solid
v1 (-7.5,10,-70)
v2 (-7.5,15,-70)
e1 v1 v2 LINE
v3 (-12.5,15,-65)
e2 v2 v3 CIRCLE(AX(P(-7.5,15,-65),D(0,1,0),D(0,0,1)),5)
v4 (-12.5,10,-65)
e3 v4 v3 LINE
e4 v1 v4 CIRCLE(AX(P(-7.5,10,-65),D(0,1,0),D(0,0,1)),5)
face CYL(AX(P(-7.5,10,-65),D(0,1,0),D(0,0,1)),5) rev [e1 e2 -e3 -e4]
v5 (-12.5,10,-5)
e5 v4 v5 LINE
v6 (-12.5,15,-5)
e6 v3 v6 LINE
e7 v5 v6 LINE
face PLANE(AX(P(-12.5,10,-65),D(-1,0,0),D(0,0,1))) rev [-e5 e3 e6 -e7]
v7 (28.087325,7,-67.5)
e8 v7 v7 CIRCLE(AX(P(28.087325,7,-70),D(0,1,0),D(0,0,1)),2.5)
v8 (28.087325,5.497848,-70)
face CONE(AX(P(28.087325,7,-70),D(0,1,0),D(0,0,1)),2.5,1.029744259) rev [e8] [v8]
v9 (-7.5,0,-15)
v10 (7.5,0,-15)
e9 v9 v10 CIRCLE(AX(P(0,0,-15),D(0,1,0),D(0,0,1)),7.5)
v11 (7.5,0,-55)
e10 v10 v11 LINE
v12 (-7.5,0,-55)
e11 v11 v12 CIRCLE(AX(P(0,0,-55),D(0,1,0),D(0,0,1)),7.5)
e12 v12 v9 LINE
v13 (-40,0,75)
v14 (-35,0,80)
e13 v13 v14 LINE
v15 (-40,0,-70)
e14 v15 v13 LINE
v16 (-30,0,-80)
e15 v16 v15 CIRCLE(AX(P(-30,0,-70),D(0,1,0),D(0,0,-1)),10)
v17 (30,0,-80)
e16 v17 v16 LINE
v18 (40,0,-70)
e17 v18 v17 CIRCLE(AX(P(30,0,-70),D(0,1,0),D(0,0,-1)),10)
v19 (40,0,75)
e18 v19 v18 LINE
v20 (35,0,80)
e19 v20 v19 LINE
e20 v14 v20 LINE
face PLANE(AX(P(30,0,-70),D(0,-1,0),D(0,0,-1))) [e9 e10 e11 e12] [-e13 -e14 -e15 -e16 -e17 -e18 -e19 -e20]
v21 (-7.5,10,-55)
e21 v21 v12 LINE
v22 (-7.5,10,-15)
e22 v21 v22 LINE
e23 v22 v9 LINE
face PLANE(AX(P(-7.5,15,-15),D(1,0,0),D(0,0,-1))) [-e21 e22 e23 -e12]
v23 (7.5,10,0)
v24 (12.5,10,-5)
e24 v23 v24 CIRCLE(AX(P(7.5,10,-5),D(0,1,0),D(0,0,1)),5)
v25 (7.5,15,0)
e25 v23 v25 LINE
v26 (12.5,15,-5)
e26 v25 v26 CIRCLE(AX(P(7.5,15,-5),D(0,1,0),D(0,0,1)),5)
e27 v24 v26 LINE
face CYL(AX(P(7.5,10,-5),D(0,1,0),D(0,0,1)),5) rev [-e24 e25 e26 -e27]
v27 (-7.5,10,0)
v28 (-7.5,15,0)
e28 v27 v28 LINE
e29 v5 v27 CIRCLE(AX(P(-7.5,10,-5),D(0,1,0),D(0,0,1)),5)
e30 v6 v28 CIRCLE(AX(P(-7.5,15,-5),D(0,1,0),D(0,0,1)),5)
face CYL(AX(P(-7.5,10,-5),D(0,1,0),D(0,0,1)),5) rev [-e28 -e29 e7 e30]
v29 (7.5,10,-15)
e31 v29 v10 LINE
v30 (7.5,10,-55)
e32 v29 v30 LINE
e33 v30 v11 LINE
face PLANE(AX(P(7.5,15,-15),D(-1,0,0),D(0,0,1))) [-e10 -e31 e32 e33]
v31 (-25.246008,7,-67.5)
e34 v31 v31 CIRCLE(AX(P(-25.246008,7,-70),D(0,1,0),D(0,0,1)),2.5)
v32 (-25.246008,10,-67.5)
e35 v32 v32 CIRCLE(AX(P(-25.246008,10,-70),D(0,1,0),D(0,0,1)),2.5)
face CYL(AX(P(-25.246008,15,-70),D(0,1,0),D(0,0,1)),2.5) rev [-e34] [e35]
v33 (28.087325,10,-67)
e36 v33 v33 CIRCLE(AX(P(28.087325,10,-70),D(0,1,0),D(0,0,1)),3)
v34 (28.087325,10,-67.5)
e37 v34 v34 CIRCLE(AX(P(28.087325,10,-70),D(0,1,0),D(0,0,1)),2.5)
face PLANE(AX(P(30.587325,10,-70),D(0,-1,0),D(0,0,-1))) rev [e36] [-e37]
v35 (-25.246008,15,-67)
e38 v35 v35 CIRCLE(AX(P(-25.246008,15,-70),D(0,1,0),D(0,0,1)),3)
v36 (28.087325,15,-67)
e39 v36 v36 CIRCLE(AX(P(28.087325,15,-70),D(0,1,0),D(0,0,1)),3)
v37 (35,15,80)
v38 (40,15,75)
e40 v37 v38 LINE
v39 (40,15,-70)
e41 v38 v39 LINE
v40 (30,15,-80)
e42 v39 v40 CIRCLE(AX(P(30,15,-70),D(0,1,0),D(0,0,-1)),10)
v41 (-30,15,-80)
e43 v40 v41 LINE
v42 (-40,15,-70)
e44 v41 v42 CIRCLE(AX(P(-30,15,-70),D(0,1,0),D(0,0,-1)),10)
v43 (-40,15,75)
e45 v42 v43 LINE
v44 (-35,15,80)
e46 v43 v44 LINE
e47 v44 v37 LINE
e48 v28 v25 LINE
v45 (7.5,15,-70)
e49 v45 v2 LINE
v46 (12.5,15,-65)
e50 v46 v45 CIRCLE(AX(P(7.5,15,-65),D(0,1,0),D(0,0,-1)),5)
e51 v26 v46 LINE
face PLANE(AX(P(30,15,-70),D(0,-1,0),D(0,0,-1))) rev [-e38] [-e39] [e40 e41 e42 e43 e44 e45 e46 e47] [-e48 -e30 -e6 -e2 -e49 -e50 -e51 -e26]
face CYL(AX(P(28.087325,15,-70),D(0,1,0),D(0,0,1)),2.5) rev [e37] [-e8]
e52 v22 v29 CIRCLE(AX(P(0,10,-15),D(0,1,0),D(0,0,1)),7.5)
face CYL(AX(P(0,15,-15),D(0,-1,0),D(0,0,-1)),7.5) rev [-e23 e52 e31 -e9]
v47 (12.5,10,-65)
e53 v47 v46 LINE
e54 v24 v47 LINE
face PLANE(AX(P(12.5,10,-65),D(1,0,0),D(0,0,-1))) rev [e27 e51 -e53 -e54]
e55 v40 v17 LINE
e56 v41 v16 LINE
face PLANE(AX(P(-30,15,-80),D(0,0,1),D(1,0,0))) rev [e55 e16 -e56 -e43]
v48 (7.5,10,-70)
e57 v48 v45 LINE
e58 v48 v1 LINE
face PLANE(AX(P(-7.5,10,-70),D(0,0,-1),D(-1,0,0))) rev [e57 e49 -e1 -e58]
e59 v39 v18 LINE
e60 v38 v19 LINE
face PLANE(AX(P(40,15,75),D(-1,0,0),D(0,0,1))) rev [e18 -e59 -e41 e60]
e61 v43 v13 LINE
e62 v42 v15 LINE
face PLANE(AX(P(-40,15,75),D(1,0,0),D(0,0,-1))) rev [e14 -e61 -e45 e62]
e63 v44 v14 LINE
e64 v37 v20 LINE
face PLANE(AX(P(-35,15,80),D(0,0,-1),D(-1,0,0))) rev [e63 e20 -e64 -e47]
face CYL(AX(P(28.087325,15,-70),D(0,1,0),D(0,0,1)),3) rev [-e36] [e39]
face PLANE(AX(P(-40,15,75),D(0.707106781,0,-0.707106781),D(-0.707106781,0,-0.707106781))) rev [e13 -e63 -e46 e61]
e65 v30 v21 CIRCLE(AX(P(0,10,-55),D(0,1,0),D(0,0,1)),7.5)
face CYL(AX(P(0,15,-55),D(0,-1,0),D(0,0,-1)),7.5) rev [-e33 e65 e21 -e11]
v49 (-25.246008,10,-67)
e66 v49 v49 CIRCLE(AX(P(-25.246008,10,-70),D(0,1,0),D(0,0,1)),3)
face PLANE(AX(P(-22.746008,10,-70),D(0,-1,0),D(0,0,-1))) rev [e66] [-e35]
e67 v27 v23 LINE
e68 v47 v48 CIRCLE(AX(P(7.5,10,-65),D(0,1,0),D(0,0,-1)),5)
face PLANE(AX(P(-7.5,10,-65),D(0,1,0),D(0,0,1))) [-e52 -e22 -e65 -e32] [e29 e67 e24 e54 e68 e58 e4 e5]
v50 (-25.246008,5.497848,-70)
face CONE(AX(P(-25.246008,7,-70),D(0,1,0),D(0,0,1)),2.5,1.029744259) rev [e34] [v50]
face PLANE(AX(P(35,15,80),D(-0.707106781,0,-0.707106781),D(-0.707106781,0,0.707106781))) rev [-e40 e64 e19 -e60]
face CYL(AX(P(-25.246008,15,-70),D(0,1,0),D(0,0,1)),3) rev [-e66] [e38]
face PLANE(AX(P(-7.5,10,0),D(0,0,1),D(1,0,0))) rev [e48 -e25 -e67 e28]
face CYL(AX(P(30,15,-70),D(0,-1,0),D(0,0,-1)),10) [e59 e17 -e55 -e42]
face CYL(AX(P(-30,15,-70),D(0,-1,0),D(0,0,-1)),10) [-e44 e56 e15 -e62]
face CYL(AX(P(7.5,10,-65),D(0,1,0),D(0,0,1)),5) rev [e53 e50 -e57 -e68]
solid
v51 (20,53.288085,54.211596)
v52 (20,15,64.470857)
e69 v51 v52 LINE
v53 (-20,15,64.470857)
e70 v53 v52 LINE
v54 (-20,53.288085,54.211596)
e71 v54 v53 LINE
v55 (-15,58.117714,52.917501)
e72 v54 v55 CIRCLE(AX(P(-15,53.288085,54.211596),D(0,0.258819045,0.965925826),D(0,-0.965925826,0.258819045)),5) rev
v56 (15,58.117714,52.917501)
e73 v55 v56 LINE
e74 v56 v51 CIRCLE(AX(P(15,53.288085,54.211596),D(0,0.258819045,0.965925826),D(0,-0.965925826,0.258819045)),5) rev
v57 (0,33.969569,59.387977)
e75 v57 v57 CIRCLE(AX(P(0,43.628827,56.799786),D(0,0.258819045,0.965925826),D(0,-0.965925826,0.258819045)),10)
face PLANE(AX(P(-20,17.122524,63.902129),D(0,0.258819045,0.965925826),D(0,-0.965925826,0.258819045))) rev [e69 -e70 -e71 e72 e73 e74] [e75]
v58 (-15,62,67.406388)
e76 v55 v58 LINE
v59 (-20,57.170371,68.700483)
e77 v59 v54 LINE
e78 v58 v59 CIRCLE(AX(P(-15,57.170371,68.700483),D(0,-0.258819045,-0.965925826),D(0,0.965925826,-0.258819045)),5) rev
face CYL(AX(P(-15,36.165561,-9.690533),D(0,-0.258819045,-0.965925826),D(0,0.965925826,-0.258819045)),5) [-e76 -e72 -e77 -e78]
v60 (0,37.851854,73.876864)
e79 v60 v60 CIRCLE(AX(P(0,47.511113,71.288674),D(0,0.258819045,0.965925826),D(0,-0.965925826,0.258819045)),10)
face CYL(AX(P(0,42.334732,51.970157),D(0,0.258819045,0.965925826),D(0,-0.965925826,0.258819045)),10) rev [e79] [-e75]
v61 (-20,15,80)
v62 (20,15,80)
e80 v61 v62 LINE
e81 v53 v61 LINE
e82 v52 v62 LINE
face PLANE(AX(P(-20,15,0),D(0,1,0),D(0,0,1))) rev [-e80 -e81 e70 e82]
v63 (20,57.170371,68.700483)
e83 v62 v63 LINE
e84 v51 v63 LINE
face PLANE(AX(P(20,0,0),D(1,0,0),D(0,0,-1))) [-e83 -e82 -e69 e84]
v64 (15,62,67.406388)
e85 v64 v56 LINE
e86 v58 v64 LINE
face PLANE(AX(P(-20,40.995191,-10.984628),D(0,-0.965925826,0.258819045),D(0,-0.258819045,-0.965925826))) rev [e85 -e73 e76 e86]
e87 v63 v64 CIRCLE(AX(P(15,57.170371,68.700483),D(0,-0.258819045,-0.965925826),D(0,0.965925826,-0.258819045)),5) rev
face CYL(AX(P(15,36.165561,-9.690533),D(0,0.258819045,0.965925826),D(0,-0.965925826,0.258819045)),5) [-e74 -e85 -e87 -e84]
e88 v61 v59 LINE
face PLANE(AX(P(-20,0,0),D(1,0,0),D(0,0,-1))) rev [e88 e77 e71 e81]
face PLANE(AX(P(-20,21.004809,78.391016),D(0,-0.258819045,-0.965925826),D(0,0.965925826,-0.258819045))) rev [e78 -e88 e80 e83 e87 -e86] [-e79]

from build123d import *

# Parameters (mm, degrees)
BOSS_EXTRUDE1_DEPTH            = 15
CUT_EXTRUDE1_DEPTH             = 5
BOSS_EXTRUDE2_DEPTH            = 20
BOSS_EXTRUDE2_DEPTH_BACK       = 20
SKETCH4_R                      = 10
CUT_EXTRUDE2_DEPTH             = 20
FILLET1_R                      = 5
M6X1_0_TAPPED_HOLE1_AT_2_COUNT = 2
M6X1_0_TAPPED_HOLE1_AT_2_PITCH = 53.333333333


with BuildPart() as part:
    # Sketch1 → Boss-Extrude1 (new body)
    with BuildSketch(Plane(origin=(0, 0, 0), x_dir=(1, 0, 0), z_dir=(0, 1, 0))):
        with BuildLine():
            Line((-40, -75), (-35, -80))
            Line((-35, -80), (35, -80))
            Line((35, -80), (40, -75))
            Line((40, -75), (40, 70))
            ThreePointArc((40, 70), (37.071067812, 77.071067812), (30, 80))
            Line((30, 80), (-30, 80))
            ThreePointArc((-30, 80), (-37.071067812, 77.071067812), (-40, 70))
            Line((-40, 70), (-40, -75))
        make_face()
        with BuildLine():
            Line((-7.5, 15), (-7.5, 55))
            ThreePointArc((-7.5, 55), (0, 62.5), (7.5, 55))
            Line((7.5, 55), (7.5, 15))
            ThreePointArc((7.5, 15), (0, 7.5), (-7.5, 15))
        make_face(mode=Mode.SUBTRACT)
    extrude(amount=BOSS_EXTRUDE1_DEPTH)

    # Sketch2 → Cut-Extrude1 (cut)
    with BuildSketch(Plane(origin=(0, 15, 0), x_dir=(1, 0, 0), z_dir=(0, 1, 0))):
        with BuildLine():
            Line((-7.5, 70), (7.5, 70))
            ThreePointArc((7.5, 70), (11.035533906, 68.535533906), (12.5, 65))
            Line((12.5, 65), (12.5, 5))
            ThreePointArc((12.5, 5), (11.035533906, 1.464466094), (7.5, 0))
            Line((7.5, 0), (-7.5, 0))
            ThreePointArc((-7.5, 0), (-11.035533906, 1.464466094), (-12.5, 5))
            Line((-12.5, 5), (-12.5, 65))
            ThreePointArc((-12.5, 65), (-11.035533906, 68.535533906), (-7.5, 70))
        make_face()
    extrude(amount=-CUT_EXTRUDE1_DEPTH, mode=Mode.SUBTRACT)

    # Sketch7 → M6x1.0 Tapped Hole1 (revolve, cut)
    with BuildSketch(Plane(origin=(-25.246007907, 15, -70), x_dir=(0, 0, 1), z_dir=(1, 0, 0))):
        Polygon((0, 0), (0, 9.502151548), (2.5, 8), (2.5, 5), (3, 5), (3, 0), align=None)
    m6x1_0_tapped_hole1 = revolve(axis=Axis((-25.246007907, 21.35, -70), (0, -1, 0)), mode=Mode.SUBTRACT)

    # M6x1.0 Tapped Hole1 at 2: M6x1.0 Tapped Hole1 ×2
    with Locations(*[(i * M6X1_0_TAPPED_HOLE1_AT_2_PITCH, 0, 0) for i in range(1, M6X1_0_TAPPED_HOLE1_AT_2_COUNT)]):
        add(m6x1_0_tapped_hole1, mode=Mode.SUBTRACT)


with BuildPart() as body_2:
    # Sketch3 → Boss-Extrude2 (new, two sides: drawn at the far end of the back side and taken through both)
    with BuildSketch(Plane(origin=(0, 0, 0), x_dir=(0, 0, -1), z_dir=(1, 0, 0)).offset(-BOSS_EXTRUDE2_DEPTH_BACK)):
        Polygon((-64.470857294, 15), (-80, 15), (-67.406387956, 62), (-52.917500561, 58.117714323), align=None)
    extrude(amount=BOSS_EXTRUDE2_DEPTH + BOSS_EXTRUDE2_DEPTH_BACK)

    # Sketch4 → Cut-Extrude2 (cut)
    with BuildSketch(Plane(origin=(0, 21.004809472, 78.391016151), x_dir=(1, 0, 0), z_dir=(0, 0.25881904510251763, 0.9659258262890692))):
        with Locations(Location((0, 27.441344265, 0), (0, 0, 270))):
            Circle(SKETCH4_R)
    extrude(amount=-CUT_EXTRUDE2_DEPTH, mode=Mode.SUBTRACT)

    # Fillet1
    fillet1_edges = [body_2.edges().sort_by_distance(p)[0] for p in [
        (20, 60.058857162, 60.161944259),
        (-20, 60.058857162, 60.161944259),
    ]]
    fillet(fillet1_edges, radius=FILLET1_R)


solid = Compound([part.part, body_2.part])
